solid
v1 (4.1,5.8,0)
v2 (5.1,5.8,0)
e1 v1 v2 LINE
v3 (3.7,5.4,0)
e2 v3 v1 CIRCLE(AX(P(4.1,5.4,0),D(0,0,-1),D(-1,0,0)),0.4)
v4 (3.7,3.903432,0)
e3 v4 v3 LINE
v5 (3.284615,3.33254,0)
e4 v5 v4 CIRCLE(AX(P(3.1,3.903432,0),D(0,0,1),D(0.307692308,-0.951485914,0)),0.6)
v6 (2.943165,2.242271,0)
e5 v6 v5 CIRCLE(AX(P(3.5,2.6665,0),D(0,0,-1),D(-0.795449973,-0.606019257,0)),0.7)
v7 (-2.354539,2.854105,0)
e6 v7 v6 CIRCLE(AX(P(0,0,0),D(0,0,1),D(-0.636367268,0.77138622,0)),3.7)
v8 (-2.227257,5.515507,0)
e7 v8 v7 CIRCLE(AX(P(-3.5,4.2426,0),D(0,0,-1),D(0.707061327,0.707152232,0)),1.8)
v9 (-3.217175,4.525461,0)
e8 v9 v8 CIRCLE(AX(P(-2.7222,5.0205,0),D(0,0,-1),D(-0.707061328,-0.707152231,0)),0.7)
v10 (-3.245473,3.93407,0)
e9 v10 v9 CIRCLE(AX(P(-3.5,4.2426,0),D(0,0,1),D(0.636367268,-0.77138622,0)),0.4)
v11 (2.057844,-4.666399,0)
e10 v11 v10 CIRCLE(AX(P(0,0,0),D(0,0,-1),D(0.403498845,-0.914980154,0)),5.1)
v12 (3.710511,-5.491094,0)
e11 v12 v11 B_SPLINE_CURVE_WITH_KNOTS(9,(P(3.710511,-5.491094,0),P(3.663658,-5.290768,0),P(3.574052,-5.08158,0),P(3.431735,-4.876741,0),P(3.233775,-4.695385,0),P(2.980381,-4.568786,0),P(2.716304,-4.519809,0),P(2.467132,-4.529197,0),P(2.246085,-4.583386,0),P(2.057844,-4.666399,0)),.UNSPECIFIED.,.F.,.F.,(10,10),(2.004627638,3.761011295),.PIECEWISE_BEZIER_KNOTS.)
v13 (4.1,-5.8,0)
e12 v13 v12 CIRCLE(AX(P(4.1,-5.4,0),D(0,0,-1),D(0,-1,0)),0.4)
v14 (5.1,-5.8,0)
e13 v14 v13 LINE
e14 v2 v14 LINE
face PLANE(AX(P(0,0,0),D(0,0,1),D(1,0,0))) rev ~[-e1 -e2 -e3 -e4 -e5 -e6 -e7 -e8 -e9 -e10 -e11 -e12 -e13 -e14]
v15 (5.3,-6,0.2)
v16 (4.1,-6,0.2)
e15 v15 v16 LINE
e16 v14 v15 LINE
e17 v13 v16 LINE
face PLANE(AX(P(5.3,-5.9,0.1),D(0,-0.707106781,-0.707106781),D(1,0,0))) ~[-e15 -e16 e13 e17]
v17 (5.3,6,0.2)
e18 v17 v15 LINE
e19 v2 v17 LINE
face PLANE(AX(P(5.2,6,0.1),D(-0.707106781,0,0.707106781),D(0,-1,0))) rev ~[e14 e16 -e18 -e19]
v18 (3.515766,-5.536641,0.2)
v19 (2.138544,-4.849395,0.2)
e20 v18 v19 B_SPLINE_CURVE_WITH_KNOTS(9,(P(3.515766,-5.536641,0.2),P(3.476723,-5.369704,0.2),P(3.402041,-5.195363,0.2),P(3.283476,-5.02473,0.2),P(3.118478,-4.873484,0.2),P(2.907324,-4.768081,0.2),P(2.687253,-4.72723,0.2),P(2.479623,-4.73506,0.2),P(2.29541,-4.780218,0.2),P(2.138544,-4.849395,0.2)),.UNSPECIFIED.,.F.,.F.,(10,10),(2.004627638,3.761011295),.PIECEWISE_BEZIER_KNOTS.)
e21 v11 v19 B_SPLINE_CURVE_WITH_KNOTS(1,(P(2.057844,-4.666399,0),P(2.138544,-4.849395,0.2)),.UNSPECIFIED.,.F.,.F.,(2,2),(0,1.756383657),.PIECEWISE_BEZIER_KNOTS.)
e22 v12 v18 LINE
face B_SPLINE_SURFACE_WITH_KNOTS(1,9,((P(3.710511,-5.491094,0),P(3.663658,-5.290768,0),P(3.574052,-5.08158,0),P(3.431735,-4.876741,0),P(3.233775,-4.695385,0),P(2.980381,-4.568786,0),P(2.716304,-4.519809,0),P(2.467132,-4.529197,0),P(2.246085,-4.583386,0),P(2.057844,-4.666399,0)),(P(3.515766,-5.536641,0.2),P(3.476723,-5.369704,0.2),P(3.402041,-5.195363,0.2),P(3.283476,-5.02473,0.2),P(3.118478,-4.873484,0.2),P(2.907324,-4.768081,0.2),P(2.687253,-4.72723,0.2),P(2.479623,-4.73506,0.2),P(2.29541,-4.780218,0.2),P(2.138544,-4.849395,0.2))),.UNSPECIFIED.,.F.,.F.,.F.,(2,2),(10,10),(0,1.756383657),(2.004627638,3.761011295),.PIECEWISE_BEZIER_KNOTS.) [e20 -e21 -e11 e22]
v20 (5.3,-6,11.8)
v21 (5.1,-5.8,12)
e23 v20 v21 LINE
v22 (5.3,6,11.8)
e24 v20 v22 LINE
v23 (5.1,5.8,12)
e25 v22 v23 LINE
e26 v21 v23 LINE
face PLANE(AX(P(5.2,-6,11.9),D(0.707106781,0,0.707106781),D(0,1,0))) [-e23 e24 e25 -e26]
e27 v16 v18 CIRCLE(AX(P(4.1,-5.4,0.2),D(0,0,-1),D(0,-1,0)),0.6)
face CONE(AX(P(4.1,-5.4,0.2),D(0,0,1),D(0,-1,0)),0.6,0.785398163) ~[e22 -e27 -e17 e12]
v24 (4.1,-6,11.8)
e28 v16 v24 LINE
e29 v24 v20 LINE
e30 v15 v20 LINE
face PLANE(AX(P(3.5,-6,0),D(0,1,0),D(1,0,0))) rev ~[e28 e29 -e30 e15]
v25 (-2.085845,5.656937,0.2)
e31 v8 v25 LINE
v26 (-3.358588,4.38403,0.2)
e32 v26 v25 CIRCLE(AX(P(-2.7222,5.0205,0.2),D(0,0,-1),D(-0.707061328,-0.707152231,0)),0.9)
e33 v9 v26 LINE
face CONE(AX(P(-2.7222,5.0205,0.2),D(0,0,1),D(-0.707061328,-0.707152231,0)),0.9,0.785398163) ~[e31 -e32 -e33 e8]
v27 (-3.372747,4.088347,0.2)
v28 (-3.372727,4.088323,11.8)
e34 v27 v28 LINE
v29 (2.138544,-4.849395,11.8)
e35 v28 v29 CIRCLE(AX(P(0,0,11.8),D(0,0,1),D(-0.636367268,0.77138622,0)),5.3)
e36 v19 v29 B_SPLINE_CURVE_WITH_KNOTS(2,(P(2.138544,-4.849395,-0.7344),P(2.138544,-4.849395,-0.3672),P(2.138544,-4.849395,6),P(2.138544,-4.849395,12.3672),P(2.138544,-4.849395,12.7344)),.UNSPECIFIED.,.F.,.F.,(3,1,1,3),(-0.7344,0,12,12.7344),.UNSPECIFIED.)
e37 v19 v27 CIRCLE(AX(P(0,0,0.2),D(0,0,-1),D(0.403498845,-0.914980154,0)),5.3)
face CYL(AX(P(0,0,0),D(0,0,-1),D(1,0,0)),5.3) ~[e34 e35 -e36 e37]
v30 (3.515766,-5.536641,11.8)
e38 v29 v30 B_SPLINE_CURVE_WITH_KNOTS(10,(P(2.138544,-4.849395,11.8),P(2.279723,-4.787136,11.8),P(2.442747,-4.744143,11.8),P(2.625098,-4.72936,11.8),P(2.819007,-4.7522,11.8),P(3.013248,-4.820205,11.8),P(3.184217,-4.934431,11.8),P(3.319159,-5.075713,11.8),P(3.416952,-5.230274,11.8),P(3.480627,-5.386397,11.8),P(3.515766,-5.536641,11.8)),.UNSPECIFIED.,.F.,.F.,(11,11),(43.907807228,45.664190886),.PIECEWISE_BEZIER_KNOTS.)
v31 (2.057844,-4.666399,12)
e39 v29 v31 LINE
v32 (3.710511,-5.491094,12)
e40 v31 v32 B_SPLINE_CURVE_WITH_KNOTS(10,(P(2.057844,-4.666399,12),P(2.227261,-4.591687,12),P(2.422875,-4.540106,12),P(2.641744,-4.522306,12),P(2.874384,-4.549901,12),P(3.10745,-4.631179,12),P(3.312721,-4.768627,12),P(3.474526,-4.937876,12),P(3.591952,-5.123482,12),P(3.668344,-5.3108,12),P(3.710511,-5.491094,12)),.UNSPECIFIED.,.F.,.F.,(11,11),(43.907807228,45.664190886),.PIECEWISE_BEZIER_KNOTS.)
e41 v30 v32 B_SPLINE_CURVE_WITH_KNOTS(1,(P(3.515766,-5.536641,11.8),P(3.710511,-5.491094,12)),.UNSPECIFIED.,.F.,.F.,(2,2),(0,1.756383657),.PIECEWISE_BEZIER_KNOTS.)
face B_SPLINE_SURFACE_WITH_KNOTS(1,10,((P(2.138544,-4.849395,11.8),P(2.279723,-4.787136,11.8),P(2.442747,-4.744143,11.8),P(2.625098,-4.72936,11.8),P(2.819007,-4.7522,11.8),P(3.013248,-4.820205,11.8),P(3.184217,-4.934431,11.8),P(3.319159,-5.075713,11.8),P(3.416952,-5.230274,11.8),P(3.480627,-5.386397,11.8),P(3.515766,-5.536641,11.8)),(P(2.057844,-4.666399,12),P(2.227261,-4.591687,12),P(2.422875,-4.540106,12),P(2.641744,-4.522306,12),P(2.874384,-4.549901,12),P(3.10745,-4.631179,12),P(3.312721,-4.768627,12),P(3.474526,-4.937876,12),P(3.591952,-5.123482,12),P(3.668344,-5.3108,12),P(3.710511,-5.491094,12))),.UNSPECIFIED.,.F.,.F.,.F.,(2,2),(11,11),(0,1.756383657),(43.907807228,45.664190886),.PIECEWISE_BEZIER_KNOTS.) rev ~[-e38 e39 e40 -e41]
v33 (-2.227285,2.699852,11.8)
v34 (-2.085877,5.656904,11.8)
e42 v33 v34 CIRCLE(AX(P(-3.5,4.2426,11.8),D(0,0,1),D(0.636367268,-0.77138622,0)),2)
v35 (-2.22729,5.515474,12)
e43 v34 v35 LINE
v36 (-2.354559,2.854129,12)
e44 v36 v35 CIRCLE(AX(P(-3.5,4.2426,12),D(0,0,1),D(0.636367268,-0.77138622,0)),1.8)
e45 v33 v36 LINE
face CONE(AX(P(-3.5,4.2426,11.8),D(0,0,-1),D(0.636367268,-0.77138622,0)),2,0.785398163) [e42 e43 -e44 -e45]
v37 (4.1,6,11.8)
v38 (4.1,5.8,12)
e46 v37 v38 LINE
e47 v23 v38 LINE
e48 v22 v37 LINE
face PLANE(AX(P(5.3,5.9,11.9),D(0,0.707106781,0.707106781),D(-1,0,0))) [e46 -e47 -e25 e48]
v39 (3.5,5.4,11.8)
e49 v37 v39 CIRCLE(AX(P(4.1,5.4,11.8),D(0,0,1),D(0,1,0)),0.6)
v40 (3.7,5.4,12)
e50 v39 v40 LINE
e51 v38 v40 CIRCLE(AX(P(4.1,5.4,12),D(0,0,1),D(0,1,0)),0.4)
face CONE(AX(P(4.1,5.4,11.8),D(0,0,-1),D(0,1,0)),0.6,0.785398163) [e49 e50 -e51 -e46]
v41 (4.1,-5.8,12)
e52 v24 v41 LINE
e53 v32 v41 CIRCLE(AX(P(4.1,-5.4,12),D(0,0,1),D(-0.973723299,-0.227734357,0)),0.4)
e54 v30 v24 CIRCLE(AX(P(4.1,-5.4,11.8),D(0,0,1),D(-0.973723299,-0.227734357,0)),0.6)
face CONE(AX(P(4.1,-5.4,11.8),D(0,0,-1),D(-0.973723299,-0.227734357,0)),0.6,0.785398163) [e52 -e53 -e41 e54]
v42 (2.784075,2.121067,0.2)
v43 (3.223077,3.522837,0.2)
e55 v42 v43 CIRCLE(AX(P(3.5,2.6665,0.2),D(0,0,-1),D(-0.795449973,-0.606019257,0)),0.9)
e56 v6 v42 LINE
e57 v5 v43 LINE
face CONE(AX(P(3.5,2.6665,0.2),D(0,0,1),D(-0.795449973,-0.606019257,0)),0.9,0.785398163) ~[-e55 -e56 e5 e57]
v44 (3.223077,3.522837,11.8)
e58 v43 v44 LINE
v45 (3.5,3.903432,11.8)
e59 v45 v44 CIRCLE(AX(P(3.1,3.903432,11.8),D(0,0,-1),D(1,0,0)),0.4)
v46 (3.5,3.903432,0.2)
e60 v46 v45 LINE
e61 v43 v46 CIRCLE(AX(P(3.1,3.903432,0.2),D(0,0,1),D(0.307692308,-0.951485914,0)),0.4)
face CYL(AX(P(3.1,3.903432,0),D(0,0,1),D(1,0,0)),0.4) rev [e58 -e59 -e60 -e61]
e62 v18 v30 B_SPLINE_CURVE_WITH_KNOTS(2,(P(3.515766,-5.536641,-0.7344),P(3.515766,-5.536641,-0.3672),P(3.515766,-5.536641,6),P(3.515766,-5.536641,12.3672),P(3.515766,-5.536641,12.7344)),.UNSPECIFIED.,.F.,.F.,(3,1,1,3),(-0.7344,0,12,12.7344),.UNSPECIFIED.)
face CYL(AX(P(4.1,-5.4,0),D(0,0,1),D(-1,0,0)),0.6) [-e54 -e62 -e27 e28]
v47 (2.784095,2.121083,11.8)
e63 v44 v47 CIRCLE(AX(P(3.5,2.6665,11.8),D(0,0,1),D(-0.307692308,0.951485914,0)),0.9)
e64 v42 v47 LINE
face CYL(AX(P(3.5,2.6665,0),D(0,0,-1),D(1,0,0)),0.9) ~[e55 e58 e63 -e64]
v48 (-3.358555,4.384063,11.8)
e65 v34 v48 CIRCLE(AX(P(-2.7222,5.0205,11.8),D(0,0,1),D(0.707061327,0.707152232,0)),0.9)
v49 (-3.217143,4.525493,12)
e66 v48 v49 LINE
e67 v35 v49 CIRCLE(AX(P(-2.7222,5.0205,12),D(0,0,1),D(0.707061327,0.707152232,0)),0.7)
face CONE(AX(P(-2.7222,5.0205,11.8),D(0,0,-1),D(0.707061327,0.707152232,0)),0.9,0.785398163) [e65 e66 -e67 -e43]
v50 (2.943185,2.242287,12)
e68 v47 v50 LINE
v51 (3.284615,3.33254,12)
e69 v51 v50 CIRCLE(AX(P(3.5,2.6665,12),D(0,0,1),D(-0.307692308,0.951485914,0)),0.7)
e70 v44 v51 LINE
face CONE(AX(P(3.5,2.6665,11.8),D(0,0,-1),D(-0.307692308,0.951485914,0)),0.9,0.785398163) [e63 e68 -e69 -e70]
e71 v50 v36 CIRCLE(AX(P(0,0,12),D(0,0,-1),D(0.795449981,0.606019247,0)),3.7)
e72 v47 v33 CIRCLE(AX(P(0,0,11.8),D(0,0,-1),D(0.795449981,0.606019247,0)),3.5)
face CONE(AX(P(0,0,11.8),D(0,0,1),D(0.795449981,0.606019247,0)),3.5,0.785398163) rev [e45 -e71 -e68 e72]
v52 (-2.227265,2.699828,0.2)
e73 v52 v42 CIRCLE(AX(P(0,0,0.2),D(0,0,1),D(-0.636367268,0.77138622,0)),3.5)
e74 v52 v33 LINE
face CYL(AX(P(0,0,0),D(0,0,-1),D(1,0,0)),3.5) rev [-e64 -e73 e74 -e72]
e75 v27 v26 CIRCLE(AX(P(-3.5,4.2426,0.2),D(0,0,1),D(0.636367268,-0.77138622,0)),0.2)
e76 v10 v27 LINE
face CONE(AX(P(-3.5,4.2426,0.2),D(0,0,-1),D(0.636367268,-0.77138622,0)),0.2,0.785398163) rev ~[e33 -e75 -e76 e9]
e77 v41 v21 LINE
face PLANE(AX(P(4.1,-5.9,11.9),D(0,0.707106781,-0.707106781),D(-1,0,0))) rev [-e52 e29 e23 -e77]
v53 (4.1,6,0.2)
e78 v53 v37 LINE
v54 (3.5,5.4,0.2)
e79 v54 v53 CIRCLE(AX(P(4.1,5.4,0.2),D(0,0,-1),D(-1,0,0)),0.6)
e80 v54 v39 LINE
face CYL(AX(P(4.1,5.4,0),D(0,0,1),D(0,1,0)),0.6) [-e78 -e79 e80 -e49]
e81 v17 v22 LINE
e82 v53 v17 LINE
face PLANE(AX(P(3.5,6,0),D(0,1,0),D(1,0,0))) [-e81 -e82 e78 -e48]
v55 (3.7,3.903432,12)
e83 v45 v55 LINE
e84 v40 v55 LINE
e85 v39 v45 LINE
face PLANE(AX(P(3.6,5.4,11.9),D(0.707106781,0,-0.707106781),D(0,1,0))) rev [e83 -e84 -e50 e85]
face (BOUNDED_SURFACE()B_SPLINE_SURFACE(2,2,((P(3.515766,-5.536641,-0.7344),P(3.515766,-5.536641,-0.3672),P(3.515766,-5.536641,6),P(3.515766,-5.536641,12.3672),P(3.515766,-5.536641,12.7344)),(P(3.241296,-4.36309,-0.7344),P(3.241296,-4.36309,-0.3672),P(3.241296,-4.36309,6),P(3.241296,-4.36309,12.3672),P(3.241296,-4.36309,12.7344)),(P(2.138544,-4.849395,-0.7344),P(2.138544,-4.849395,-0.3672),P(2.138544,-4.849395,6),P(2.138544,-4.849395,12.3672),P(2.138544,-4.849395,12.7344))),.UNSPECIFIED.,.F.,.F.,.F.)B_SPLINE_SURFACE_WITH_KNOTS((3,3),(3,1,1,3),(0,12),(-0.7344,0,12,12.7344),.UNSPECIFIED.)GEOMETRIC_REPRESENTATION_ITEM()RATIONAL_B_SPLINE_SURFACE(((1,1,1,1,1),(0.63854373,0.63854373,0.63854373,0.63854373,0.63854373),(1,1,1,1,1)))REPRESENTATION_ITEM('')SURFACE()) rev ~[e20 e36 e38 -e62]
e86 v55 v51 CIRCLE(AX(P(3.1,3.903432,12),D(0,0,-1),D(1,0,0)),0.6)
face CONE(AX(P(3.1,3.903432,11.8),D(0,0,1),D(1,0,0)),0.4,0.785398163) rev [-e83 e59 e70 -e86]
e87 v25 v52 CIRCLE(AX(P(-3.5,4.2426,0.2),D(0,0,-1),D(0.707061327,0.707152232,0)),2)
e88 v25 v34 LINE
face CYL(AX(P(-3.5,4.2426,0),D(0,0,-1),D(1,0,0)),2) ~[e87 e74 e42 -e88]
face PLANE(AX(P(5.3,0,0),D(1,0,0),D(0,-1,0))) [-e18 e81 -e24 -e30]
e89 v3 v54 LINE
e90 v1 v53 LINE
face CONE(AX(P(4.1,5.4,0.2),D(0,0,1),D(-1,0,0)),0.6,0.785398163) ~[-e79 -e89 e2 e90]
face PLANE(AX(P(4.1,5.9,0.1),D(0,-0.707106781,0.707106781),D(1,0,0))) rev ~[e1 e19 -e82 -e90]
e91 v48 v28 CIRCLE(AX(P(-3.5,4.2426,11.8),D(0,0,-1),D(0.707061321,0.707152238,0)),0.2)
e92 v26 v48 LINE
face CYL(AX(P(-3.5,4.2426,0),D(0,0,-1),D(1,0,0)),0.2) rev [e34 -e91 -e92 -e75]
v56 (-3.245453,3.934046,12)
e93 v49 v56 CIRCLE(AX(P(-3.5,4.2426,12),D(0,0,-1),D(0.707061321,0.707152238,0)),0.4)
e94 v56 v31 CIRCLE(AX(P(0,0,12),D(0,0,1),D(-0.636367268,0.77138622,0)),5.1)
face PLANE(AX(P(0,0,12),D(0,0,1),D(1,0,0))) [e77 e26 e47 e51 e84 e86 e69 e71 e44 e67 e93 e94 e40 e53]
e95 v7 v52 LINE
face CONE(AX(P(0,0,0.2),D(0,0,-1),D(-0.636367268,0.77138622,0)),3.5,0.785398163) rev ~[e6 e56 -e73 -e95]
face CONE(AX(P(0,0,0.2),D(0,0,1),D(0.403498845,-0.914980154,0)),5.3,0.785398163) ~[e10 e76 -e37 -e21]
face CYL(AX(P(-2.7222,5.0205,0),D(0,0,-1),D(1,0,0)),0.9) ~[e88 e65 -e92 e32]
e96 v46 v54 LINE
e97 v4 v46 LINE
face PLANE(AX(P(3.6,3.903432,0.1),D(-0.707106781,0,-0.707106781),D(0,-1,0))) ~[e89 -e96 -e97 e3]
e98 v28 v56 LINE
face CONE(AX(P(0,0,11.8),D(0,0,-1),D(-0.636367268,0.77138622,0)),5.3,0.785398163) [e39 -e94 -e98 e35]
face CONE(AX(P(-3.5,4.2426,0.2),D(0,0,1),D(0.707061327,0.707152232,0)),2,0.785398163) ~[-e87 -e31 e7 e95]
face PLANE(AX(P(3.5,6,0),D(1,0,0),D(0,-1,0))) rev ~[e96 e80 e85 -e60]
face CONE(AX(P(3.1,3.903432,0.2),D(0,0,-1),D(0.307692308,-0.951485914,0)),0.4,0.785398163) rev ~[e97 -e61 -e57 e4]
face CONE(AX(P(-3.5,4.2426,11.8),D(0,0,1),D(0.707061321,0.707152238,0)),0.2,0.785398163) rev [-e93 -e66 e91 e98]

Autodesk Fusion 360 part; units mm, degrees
sketch "Náčrt1" plane through (0, 0, 0) normal (0, 0, 1) x (1, 0, 0)
  circle A0 centre (0, 0) radius 3.5
  circle A1 centre (0, 0) radius 5.3
  line L0 (3.5, 6) -> (3.5, -6)
  line L1 (5.3, 6) -> (5.3, -6)
  line L2 (3.5, 6) -> (5.3, 6)
  line L3 (3.5, -6) -> (5.3, -6)
  line L4 (-1.5, 6) -> (-1.5, 0) construction
  circle A2 centre (-3.5, 4.2426) radius 2
  circle A3 centre (-3.5, 4.2426) radius 0.2
  line L5 (-3.5, 4.2426) -> (-2.0858, 5.6569) construction
  line L6 (-3.5, 4.2426) -> (-1.5, 4.2426) construction
  circle A4 centre (-2.7222, 5.0205) radius 0.9
  circle A5 centre (3.5, 2.6665) radius 0.9
  point P0 (3.5, 0)
  dimension "d1" = 7
  dimension "d2" = 10.6
  dimension "d3" = 12
  dimension "d4" = 5
  dimension "d5" = 4
  dimension "d6" = 45
extrude "Vysunutí1" add sketch "Náčrt1" along normal blind 12 contours A0 A1 L0 A2 | A0 L0 A5 | A1 L0 A5 | L0 A5 | A1 A2 A4 | L0 A5 | A1 L0 L1 L3 | A1 L0 A5 | A1 L0 L1 L2 | A1 A3 A4 | A1 A2 A4 | A1 A4 | A1 A4
fillet "Zaoblení1" radius 0.6 2 edges at (3.5, -6, 6) (3.5, 6, 6)
fillet "Zaoblení1" radius 1 1 edges at (3.5, -3.9799, 6)
fillet "Zaoblení1" radius 0.4 1 edges at (3.5, 3.5665, 6)
chamfer "Zkosení2" distance 0.2 angle 45 2 faces at (4.6974, 0.0779, 0) (4.6974, 0.0779, 12)
